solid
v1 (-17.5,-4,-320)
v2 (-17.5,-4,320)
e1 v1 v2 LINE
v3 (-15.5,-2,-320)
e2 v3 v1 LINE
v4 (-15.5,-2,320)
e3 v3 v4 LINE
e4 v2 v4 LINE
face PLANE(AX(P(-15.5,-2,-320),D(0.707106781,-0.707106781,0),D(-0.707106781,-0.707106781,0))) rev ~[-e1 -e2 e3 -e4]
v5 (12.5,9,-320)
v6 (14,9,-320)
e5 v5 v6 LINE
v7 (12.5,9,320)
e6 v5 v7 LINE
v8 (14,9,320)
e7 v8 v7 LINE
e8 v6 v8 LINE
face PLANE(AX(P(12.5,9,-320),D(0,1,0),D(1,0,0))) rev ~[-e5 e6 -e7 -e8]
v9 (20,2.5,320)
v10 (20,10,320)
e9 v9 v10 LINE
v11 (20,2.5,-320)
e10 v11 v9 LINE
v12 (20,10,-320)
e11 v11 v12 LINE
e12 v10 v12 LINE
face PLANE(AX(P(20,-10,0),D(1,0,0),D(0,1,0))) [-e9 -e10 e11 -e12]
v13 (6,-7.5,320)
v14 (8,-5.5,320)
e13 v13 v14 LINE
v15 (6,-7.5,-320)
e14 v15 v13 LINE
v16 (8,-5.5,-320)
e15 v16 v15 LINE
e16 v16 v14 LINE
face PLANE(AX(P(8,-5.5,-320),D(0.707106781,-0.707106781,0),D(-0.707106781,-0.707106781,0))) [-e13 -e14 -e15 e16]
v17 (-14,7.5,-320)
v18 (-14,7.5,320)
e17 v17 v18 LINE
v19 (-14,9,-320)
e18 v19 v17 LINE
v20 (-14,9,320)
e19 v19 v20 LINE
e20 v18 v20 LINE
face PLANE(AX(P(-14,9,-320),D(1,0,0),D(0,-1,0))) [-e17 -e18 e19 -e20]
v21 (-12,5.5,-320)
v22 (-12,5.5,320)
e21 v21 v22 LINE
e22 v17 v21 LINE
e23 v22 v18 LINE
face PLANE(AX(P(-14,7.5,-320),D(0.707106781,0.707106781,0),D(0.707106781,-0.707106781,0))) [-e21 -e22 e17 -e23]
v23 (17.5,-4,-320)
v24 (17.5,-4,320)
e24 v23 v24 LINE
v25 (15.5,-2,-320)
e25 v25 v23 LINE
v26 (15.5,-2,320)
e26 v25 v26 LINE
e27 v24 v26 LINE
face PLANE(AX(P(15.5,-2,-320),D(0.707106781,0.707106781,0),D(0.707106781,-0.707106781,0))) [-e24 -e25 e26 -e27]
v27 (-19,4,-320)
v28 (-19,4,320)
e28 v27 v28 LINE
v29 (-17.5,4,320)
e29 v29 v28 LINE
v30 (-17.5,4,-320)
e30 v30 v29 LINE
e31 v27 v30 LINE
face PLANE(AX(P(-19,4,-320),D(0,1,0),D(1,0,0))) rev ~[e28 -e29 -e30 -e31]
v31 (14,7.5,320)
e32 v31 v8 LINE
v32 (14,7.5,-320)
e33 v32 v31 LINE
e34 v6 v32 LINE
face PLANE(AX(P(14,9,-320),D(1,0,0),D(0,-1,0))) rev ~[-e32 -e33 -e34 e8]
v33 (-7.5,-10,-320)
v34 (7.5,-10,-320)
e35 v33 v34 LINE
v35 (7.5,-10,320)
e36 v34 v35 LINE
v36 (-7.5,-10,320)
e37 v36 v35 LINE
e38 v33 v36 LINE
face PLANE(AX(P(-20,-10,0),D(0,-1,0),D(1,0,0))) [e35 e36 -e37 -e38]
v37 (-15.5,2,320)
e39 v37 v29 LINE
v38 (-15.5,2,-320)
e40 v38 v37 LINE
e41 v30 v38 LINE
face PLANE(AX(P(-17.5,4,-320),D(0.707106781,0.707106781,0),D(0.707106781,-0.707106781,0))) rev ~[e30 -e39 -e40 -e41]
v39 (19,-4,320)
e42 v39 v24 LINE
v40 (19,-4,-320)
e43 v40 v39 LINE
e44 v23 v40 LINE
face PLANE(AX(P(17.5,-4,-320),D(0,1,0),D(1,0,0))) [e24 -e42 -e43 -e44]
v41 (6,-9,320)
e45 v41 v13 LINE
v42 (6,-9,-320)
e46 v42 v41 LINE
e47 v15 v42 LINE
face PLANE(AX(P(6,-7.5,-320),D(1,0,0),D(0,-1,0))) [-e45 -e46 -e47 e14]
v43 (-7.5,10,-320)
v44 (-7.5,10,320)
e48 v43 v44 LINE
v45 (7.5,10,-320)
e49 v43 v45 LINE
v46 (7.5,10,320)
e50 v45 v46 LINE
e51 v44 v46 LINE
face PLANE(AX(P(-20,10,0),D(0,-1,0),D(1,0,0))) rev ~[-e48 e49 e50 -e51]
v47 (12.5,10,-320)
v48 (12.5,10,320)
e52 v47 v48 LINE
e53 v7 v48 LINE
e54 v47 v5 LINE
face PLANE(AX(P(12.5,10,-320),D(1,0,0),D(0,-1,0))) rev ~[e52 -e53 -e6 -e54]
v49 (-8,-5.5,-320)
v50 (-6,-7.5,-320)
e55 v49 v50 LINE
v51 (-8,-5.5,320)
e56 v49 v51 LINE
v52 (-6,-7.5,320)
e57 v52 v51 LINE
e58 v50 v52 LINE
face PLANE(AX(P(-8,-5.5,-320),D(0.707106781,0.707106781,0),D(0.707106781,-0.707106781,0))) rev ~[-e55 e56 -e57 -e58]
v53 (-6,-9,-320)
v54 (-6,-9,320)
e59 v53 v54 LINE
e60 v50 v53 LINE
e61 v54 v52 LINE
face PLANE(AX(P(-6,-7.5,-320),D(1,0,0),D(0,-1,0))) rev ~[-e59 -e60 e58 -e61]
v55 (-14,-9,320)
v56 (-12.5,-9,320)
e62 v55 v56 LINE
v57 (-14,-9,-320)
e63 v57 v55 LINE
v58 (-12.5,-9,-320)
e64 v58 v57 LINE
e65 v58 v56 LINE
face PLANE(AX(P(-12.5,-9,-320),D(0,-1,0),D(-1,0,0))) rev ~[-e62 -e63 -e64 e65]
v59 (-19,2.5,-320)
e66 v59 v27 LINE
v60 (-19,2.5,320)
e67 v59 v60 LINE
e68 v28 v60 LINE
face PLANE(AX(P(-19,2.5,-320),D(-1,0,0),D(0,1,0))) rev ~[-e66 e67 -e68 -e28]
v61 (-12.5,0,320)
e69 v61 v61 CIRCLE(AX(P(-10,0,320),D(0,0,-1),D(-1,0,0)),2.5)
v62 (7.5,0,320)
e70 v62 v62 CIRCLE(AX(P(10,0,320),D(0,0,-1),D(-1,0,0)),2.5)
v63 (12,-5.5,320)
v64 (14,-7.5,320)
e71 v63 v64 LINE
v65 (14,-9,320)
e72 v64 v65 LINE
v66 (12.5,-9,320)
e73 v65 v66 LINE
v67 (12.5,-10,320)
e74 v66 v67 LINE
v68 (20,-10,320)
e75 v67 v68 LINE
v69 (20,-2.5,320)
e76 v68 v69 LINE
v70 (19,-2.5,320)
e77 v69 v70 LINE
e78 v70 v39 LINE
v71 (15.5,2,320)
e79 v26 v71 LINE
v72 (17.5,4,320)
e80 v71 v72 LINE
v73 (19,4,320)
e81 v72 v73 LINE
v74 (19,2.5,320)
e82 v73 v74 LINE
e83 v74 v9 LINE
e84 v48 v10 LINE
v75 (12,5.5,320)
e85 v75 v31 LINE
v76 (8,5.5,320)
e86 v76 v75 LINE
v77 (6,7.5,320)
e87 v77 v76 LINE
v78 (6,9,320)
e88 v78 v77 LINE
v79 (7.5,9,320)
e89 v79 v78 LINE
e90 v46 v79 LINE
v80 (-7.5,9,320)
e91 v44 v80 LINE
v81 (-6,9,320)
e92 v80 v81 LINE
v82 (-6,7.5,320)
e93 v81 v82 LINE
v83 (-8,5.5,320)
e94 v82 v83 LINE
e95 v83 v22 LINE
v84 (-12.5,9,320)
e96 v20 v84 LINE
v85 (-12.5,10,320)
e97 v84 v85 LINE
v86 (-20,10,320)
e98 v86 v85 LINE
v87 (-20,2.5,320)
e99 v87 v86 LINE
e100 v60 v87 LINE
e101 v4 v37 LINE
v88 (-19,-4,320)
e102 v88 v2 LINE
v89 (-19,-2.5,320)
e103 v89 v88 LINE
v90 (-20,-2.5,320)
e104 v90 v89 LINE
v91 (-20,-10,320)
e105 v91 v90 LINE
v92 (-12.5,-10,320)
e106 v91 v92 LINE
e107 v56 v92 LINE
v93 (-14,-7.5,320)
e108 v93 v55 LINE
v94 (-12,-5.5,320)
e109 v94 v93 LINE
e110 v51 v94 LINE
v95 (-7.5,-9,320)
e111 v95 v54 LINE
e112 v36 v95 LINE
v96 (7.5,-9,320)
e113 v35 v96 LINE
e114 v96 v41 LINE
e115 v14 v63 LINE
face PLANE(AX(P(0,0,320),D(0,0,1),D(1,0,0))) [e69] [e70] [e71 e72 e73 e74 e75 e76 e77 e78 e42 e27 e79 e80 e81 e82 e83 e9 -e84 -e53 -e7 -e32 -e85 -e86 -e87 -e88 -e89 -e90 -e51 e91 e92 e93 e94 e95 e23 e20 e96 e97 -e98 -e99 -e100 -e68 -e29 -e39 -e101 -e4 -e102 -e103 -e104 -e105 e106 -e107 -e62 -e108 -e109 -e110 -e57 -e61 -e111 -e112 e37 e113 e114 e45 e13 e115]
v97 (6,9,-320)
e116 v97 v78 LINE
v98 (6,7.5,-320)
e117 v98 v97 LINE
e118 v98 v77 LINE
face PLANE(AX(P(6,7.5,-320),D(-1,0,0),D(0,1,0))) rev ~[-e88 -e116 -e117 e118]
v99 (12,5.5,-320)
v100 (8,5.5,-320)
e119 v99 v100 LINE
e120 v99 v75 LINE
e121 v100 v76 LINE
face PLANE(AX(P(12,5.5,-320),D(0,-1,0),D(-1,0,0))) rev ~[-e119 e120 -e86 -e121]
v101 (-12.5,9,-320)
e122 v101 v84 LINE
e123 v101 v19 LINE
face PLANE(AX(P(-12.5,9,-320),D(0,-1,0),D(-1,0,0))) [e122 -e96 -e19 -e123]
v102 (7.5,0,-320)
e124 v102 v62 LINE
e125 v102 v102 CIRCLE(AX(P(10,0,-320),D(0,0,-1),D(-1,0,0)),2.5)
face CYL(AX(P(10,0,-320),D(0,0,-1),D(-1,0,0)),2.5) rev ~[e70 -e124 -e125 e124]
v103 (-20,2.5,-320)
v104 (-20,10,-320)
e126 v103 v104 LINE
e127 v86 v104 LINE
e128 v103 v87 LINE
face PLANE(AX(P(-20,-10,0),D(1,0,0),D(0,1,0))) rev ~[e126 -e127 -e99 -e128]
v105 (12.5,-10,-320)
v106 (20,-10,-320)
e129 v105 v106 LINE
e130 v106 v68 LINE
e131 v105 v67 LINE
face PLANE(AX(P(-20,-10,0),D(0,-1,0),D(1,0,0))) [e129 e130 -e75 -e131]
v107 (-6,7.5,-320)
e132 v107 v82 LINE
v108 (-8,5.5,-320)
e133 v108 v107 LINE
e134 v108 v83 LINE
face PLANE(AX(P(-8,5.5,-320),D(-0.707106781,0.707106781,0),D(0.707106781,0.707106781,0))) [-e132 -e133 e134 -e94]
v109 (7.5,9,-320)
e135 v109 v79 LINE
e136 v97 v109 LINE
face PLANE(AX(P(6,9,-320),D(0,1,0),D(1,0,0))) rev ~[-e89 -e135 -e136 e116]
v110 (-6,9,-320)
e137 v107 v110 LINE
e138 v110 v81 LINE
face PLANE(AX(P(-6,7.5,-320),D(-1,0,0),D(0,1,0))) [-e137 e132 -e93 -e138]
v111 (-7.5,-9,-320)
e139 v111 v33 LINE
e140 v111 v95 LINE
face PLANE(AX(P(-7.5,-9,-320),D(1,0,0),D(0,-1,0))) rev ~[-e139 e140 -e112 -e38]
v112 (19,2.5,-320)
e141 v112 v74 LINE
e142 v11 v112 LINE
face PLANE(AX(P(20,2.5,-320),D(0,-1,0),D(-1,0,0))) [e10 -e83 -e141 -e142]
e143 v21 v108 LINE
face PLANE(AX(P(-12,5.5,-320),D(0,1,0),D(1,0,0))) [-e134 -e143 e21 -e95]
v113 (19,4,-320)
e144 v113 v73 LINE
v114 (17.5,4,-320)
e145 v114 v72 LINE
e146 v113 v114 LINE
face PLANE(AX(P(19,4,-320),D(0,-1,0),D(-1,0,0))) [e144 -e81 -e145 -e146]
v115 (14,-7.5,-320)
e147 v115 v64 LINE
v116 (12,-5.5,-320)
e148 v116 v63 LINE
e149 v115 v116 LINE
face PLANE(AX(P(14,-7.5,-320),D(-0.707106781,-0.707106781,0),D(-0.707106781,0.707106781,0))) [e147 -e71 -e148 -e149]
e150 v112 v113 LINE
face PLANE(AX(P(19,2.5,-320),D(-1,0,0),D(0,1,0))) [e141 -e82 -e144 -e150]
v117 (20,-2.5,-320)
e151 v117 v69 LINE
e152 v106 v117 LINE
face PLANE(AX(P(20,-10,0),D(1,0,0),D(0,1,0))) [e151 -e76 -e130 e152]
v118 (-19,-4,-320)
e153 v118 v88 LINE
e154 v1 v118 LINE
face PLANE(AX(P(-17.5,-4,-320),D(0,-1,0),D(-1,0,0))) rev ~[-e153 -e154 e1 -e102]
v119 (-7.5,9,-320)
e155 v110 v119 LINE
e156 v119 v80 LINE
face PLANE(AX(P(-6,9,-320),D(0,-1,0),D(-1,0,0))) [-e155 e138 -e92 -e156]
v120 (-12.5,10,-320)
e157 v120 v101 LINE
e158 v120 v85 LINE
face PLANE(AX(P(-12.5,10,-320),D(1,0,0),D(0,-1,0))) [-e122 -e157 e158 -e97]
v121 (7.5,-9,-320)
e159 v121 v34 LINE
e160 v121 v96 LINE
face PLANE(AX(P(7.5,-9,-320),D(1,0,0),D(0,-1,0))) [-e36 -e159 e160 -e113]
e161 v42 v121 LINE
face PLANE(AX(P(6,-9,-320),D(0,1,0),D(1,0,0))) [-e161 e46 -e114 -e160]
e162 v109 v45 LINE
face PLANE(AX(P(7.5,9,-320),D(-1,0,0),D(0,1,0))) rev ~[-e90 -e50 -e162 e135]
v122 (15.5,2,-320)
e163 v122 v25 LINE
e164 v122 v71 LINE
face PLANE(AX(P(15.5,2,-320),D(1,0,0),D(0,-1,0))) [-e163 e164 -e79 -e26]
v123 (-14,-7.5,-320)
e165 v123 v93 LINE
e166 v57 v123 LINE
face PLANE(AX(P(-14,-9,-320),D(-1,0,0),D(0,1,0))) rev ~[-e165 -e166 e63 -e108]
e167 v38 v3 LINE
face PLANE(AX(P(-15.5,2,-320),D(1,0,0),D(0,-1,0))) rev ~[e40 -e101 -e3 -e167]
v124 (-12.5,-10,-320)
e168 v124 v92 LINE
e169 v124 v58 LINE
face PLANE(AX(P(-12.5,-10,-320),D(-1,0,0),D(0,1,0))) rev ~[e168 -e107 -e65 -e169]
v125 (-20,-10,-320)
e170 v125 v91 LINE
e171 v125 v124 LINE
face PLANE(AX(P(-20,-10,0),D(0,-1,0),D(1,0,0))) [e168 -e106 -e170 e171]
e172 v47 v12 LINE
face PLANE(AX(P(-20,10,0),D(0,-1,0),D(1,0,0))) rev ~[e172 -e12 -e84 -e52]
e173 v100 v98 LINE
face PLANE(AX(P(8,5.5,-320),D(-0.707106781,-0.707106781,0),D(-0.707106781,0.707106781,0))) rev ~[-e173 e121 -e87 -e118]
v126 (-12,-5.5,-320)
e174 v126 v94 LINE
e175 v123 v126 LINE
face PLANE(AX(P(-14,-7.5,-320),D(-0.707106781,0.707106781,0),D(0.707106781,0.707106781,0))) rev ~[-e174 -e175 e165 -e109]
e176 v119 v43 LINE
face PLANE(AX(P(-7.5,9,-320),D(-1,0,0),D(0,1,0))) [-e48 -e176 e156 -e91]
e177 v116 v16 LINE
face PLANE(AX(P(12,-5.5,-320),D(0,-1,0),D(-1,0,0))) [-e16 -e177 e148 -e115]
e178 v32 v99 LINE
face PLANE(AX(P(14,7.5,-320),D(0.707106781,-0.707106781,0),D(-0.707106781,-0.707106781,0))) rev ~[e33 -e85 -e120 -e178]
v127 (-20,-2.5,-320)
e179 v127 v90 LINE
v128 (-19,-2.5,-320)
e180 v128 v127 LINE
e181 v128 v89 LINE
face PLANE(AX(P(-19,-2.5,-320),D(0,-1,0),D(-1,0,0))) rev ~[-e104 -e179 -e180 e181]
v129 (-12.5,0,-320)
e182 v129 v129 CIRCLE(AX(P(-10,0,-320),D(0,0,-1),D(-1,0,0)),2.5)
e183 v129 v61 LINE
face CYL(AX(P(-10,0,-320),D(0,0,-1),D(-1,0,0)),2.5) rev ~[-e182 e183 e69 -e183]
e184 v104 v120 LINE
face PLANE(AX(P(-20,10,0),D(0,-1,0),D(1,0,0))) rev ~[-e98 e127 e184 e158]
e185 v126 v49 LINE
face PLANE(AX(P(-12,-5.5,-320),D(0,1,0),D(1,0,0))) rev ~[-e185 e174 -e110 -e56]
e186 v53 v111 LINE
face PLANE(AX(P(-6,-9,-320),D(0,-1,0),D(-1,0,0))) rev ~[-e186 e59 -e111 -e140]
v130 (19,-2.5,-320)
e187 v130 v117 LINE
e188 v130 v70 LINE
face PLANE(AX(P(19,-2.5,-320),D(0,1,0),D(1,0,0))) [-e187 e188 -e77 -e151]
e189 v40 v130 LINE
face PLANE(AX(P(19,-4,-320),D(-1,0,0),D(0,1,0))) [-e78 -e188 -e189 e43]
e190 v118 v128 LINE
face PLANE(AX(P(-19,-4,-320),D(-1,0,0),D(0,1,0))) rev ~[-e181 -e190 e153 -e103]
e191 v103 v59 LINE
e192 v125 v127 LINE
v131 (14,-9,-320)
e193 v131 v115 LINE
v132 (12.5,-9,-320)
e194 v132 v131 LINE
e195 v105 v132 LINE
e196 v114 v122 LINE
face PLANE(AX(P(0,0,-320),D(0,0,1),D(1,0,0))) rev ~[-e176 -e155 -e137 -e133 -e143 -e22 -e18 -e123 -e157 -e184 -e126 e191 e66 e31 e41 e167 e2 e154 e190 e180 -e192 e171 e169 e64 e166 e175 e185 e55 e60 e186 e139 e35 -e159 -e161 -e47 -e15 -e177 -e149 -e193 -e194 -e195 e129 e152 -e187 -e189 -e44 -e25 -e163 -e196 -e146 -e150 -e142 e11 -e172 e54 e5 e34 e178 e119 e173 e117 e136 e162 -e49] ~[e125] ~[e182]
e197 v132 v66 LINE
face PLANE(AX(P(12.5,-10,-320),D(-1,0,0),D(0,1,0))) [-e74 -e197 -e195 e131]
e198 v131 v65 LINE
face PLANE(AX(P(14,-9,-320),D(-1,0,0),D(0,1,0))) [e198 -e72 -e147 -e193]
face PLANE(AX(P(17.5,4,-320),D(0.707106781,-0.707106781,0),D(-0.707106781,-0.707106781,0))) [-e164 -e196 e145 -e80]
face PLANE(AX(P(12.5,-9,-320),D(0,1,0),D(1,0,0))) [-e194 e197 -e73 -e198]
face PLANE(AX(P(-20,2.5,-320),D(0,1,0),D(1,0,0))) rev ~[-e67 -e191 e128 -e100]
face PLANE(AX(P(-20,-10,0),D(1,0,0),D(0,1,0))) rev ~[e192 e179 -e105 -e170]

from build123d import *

# Parameters (mm, degrees)
SKETCH_1_W          = 40
SKETCH_1_H          = 20
EXTRUDE_1_DEPTH     = 320
SKETCH_2_R          = 2.5
CUT_EXTRUDE_1_DEPTH = 641


with BuildPart() as part:
    # 草图1 → 凸台-拉伸1 (new body, symmetric)
    with BuildSketch(Plane.XY):
        Rectangle(SKETCH_1_W, SKETCH_1_H)
    extrude(amount=EXTRUDE_1_DEPTH, both=True)

    # 草图2 → 切除-拉伸1 (cut, through all)
    with BuildSketch(Plane(origin=(0, 0, -320), x_dir=(-1, 0, 0), z_dir=(0, 0, -1))):
        with Locations((-10, 0)):
            Circle(SKETCH_2_R)
        with Locations((10, 0)):
            Circle(SKETCH_2_R)
        Polygon((-12.5, 10), (-12.5, 9), (-14, 9), (-14, 7.5), (-12, 5.5), (-8, 5.5), (-6, 7.5), (-6, 9), (-7.5, 9), (-7.5, 10), align=None)
        Polygon((-7.5, -9), (-7.5, -10), (-12.5, -10), (-12.5, -9), (-14, -9), (-14, -7.5), (-12, -5.5), (-8, -5.5), (-6, -7.5), (-6, -9), align=None)
        Polygon((-20, 2.5), (-19, 2.5), (-19, 4), (-17.5, 4), (-15.5, 2), (-15.5, -2), (-17.5, -4), (-19, -4), (-19, -2.5), (-20, -2.5), align=None)
        Polygon((7.5, 9), (7.5, 10), (12.5, 10), (12.5, 9), (14, 9), (14, 7.5), (12, 5.5), (8, 5.5), (6, 7.5), (6, 9), align=None)
        Polygon((6, -9), (7.5, -9), (7.5, -10), (12.5, -10), (12.5, -9), (14, -9), (14, -7.5), (12, -5.5), (8, -5.5), (6, -7.5), align=None)
        Polygon((19, -2.5), (20, -2.5), (20, 2.5), (19, 2.5), (19, 4), (17.5, 4), (15.5, 2), (15.5, -2), (17.5, -4), (19, -4), align=None)
    extrude(amount=-CUT_EXTRUDE_1_DEPTH, mode=Mode.SUBTRACT)


solid = part.part
